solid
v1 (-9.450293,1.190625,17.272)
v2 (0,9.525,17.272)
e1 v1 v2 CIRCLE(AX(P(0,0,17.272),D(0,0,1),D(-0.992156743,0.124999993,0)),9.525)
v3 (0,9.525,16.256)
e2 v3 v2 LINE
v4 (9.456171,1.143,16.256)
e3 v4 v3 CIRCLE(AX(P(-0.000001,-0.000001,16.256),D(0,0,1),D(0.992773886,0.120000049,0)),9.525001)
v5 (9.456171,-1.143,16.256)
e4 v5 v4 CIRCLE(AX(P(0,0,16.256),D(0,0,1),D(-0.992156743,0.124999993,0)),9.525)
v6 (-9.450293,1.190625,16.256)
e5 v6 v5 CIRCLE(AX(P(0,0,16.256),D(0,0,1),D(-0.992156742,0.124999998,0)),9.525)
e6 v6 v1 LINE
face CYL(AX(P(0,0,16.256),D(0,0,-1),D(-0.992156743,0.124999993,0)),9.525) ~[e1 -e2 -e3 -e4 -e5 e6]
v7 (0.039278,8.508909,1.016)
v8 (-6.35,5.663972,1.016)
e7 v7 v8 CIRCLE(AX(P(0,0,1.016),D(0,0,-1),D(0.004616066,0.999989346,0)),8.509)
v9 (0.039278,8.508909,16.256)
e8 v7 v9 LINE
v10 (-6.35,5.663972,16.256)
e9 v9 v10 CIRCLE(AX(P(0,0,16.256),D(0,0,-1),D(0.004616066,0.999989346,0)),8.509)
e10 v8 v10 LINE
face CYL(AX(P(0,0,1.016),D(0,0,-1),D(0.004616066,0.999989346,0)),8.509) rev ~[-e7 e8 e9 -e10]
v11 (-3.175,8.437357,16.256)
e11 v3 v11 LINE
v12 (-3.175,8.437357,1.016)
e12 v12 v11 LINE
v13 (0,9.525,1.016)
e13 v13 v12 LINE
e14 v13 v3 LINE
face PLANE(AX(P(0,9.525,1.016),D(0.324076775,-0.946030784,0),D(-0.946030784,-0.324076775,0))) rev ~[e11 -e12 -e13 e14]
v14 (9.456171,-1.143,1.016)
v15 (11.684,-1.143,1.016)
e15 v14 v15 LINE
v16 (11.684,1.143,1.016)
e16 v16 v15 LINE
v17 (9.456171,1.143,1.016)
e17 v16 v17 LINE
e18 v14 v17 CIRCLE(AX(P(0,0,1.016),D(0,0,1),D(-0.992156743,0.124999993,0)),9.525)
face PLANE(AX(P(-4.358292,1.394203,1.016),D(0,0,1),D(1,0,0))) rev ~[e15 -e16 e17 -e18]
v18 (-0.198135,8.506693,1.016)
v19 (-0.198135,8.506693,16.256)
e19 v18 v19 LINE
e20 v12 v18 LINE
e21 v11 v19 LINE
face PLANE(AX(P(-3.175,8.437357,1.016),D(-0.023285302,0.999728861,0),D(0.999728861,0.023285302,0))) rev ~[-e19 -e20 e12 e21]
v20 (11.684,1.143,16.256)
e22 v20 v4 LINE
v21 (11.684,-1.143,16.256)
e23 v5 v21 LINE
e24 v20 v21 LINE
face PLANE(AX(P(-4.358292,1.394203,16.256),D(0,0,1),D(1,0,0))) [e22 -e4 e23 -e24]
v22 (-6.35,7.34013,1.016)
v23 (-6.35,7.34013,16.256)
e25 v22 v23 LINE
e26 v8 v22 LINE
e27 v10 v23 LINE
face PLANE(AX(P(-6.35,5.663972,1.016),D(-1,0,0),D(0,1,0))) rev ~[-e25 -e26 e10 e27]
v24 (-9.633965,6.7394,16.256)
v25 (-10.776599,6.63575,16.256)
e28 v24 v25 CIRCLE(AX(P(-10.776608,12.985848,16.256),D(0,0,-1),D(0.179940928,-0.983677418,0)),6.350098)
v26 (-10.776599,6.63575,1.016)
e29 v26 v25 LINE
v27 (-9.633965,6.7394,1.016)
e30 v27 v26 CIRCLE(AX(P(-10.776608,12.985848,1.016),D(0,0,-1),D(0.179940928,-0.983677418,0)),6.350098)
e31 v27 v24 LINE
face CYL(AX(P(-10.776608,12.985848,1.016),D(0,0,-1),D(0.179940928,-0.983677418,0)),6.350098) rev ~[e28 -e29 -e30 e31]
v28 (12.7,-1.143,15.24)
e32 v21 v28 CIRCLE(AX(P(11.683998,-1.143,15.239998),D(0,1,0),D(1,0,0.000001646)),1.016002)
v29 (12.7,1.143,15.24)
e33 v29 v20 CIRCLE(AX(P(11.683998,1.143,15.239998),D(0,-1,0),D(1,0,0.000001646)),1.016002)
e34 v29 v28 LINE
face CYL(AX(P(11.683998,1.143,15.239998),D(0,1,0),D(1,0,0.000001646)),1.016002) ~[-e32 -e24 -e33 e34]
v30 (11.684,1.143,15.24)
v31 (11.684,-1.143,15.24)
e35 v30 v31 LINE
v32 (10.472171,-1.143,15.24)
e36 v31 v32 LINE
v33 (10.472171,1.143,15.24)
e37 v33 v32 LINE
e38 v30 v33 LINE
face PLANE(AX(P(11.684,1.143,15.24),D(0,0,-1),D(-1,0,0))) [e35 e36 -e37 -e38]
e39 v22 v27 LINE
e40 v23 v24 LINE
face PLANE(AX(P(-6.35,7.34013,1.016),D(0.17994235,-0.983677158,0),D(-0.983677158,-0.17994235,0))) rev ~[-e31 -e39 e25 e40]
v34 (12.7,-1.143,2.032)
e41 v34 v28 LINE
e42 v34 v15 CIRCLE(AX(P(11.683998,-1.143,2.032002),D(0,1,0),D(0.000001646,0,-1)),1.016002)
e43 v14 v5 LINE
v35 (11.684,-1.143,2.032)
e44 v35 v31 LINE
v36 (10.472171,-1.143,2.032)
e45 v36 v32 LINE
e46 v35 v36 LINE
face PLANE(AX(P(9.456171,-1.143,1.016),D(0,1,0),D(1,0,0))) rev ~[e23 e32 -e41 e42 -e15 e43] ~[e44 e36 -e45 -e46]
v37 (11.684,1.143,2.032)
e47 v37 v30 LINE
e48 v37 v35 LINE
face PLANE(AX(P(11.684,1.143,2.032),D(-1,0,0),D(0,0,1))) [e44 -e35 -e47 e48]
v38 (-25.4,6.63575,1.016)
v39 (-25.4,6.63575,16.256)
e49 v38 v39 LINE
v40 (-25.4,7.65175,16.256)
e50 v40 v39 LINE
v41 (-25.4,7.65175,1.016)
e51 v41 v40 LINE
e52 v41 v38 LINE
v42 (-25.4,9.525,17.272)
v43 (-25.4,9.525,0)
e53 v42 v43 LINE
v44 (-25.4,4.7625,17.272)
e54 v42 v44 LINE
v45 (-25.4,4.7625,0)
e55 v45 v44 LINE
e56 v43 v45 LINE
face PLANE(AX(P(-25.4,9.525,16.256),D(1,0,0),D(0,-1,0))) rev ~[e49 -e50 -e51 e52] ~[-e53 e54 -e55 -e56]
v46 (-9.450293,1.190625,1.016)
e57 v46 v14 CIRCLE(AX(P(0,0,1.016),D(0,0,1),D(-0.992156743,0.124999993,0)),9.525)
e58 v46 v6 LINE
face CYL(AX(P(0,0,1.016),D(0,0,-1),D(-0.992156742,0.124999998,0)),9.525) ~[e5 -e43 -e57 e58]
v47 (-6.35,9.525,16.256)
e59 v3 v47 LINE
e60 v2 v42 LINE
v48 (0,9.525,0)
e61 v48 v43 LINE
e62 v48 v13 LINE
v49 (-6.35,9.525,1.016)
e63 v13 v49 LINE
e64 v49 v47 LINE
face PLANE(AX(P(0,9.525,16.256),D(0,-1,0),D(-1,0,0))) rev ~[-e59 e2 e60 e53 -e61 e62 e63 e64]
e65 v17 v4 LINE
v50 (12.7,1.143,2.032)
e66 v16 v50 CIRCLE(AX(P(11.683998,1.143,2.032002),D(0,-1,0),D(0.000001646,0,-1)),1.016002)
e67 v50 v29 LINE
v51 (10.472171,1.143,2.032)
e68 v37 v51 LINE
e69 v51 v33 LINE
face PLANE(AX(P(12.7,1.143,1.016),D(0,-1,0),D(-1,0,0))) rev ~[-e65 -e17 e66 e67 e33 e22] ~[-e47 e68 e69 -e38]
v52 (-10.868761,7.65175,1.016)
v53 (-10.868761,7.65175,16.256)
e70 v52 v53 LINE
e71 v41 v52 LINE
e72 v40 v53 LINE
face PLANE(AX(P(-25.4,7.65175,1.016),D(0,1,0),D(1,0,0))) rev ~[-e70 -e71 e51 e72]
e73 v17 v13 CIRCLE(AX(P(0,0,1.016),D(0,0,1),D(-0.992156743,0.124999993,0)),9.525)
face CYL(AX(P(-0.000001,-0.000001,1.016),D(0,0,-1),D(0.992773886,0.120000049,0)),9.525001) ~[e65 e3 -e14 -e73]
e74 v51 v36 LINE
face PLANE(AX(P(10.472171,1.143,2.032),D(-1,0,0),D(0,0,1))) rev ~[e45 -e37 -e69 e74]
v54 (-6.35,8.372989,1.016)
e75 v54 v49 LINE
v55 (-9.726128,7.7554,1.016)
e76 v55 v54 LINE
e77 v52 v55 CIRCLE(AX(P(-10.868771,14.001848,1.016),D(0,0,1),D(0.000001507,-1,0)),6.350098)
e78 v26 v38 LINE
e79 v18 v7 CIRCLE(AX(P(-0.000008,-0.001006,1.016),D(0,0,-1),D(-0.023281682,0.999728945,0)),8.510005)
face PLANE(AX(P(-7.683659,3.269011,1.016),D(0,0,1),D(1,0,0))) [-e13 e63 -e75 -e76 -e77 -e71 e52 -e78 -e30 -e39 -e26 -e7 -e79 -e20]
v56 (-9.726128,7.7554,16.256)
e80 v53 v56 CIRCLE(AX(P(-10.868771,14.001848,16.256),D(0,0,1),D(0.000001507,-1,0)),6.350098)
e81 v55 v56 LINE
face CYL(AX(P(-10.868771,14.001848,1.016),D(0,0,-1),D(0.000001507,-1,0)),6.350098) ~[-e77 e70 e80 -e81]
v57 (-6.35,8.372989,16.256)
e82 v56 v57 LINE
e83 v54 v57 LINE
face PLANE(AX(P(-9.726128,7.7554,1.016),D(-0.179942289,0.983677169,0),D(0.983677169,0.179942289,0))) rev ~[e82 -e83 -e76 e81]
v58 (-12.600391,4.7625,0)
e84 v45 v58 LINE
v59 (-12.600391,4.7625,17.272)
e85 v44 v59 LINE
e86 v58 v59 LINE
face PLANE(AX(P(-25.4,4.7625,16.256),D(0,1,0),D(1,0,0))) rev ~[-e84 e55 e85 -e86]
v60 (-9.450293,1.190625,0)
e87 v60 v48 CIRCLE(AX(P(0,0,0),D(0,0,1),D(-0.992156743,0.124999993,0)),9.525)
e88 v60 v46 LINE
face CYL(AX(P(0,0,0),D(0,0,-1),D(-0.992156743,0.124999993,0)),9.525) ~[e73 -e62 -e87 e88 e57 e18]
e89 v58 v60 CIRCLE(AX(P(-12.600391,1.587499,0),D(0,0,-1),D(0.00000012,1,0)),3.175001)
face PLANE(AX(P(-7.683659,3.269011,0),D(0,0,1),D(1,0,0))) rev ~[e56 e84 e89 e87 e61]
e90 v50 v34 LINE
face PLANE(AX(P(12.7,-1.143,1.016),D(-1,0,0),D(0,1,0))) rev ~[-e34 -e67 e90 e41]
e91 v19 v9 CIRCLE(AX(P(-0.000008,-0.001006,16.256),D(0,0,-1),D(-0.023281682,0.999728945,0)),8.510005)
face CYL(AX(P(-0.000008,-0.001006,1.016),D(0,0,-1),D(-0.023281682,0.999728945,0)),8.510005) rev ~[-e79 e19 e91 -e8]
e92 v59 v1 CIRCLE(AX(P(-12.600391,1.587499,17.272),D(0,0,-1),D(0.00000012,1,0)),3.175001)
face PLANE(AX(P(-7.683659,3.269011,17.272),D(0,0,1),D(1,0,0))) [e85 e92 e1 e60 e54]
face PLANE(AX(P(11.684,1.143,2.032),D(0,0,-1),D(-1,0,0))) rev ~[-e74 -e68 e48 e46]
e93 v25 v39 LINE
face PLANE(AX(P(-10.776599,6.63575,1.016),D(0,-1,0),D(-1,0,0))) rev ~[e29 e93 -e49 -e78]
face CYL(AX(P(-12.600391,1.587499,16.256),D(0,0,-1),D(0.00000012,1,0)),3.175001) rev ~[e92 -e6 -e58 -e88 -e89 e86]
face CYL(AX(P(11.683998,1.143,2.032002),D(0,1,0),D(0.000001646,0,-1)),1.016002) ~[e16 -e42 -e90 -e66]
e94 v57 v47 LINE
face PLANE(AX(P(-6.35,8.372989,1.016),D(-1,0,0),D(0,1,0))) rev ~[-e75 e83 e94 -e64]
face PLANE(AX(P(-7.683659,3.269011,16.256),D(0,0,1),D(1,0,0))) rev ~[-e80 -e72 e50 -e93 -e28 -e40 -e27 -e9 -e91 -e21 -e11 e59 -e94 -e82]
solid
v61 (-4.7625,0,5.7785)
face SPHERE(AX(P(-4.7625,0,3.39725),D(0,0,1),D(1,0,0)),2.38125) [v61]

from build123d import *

# Parameters (mm, degrees)
F1_DEPTH = 1.016
F3_DEPTH = 15.24
F7_DEPTH = 1.016
F8_W     = 1.211829
F8_H     = 13.208
F9_DEPTH = 25.4


with BuildPart() as f1:
    # F0 (on Top) → F1 (new body)
    with BuildSketch(Plane.XY):
        with BuildLine():
            ThreePointArc((-12.600391, 4.7625), (-10.219141, 3.687565), (-9.450293, 1.190625))
            ThreePointArc((-9.450293, 1.190625), (6.300195, -7.14375), (0, 9.525))
            Line((0, 9.525), (-6.35, 9.525))
            Line((-6.35, 9.525), (-25.4, 9.525))
            Line((-25.4, 9.525), (-25.4, 7.65175))
            Line((-25.4, 7.65175), (-25.4, 6.63575))
            Line((-25.4, 6.63575), (-25.4, 4.7625))
            Line((-25.4, 4.7625), (-12.600391, 4.7625))
        make_face()
    extrude(amount=F1_DEPTH)

    # F2 (on face) → F3 (join)
    with BuildSketch(Plane.XY.offset(1.016)):
        with BuildLine():
            Line((-10.776599, 6.63575), (-25.4, 6.63575))
            Line((-25.4, 6.63575), (-25.4, 4.7625))
            Line((-25.4, 4.7625), (-12.600391, 4.7625))
            ThreePointArc((-12.600391, 4.7625), (-10.219141, 3.687565), (-9.450293, 1.190625))
            ThreePointArc((-9.450293, 1.190625), (-1.166816, -9.453262), (9.456171, -1.143))
            ThreePointArc((9.456171, -1.143), (9.525, 0), (9.456171, 1.143))
            ThreePointArc((9.456171, 1.143), (6.31817, 7.127857), (0, 9.525))
            Line((0, 9.525), (-3.175, 8.437357))
            Line((-3.175, 8.437357), (-0.198135, 8.506693))
            ThreePointArc((-0.198135, 8.506693), (-0.079436, 8.508629), (0.039278, 8.508909))
            ThreePointArc((0.039278, 8.508909), (3.461173, -7.773247), (-6.35, 5.663972))
            Line((-6.35, 5.663972), (-6.35, 7.34013))
            Line((-6.35, 7.34013), (-9.633965, 6.7394))
            ThreePointArc((-9.633965, 6.7394), (-10.202936, 6.661716), (-10.776599, 6.63575))
        make_face()
        with BuildLine():
            Line((-25.4, 9.525), (-25.4, 7.65175))
            Line((-25.4, 7.65175), (-10.868761, 7.65175))
            ThreePointArc((-10.868761, 7.65175), (-10.295099, 7.677716), (-9.726128, 7.7554))
            Line((-9.726128, 7.7554), (-6.35, 8.372989))
            Line((-6.35, 8.372989), (-6.35, 9.525))
            Line((-6.35, 9.525), (-25.4, 9.525))
        make_face()
        with BuildLine():
            Line((12.7, 1.143), (9.456171, 1.143))
            ThreePointArc((9.456171, 1.143), (9.525, 0), (9.456171, -1.143))
            Line((9.456171, -1.143), (12.7, -1.143))
            Line((12.7, -1.143), (12.7, 1.143))
        make_face()
    extrude(amount=F3_DEPTH)

    # F6 (on face) → F7 (join)
    with BuildSketch(Plane.XY.offset(16.256)):
        with BuildLine():
            Line((-6.35, 9.525), (-25.4, 9.525))
            Line((-25.4, 9.525), (-25.4, 4.7625))
            Line((-25.4, 4.7625), (-12.600391, 4.7625))
            ThreePointArc((-12.600391, 4.7625), (-10.219141, 3.687565), (-9.450293, 1.190625))
            ThreePointArc((-9.450293, 1.190625), (6.300195, -7.14375), (0, 9.525))
            Line((0, 9.525), (-6.35, 9.525))
        make_face()
    extrude(amount=F7_DEPTH)

    # F8 (on face) → F9 (cut)
    with BuildSketch(Plane(origin=(0, 1.143, 0), x_dir=(-1, 0, 0), z_dir=(0, 1, 0))):
        with BuildLine():
            ThreePointArc((-11.684, 1.016), (-12.40242, 1.31358), (-12.7, 2.032))
            Line((-12.7, 2.032), (-12.7, 1.016))
            Line((-12.7, 1.016), (-11.684, 1.016))
        make_face()
        with BuildLine():
            Line((-12.7, 16.256), (-12.7, 15.24))
            ThreePointArc((-12.7, 15.24), (-12.40242, 15.95842), (-11.684, 16.256))
            Line((-11.684, 16.256), (-12.7, 16.256))
        make_face()
        with Locations((-11.078086, 8.636)):
            Rectangle(F8_W, F8_H)
    extrude(amount=-F9_DEPTH, mode=Mode.SUBTRACT)


with BuildPart() as f5:
    # F4 (on Front) → F5 (revolve)
    with BuildSketch(Plane.XZ):
        with BuildLine():
            Line((-4.7625, 1.524), (-4.7625, 1.016))
            ThreePointArc((-4.7625, 1.016), (-2.38125, 3.39725), (-4.7625, 5.7785))
            Line((-4.7625, 5.7785), (-4.7625, 5.2705))
            Line((-4.7625, 5.2705), (-4.7625, 1.524))
        make_face()
    revolve(axis=Axis((-4.7625, 0, 5.122851), (0, 0, 1)))


solid = Compound([f1.part, f5.part])
